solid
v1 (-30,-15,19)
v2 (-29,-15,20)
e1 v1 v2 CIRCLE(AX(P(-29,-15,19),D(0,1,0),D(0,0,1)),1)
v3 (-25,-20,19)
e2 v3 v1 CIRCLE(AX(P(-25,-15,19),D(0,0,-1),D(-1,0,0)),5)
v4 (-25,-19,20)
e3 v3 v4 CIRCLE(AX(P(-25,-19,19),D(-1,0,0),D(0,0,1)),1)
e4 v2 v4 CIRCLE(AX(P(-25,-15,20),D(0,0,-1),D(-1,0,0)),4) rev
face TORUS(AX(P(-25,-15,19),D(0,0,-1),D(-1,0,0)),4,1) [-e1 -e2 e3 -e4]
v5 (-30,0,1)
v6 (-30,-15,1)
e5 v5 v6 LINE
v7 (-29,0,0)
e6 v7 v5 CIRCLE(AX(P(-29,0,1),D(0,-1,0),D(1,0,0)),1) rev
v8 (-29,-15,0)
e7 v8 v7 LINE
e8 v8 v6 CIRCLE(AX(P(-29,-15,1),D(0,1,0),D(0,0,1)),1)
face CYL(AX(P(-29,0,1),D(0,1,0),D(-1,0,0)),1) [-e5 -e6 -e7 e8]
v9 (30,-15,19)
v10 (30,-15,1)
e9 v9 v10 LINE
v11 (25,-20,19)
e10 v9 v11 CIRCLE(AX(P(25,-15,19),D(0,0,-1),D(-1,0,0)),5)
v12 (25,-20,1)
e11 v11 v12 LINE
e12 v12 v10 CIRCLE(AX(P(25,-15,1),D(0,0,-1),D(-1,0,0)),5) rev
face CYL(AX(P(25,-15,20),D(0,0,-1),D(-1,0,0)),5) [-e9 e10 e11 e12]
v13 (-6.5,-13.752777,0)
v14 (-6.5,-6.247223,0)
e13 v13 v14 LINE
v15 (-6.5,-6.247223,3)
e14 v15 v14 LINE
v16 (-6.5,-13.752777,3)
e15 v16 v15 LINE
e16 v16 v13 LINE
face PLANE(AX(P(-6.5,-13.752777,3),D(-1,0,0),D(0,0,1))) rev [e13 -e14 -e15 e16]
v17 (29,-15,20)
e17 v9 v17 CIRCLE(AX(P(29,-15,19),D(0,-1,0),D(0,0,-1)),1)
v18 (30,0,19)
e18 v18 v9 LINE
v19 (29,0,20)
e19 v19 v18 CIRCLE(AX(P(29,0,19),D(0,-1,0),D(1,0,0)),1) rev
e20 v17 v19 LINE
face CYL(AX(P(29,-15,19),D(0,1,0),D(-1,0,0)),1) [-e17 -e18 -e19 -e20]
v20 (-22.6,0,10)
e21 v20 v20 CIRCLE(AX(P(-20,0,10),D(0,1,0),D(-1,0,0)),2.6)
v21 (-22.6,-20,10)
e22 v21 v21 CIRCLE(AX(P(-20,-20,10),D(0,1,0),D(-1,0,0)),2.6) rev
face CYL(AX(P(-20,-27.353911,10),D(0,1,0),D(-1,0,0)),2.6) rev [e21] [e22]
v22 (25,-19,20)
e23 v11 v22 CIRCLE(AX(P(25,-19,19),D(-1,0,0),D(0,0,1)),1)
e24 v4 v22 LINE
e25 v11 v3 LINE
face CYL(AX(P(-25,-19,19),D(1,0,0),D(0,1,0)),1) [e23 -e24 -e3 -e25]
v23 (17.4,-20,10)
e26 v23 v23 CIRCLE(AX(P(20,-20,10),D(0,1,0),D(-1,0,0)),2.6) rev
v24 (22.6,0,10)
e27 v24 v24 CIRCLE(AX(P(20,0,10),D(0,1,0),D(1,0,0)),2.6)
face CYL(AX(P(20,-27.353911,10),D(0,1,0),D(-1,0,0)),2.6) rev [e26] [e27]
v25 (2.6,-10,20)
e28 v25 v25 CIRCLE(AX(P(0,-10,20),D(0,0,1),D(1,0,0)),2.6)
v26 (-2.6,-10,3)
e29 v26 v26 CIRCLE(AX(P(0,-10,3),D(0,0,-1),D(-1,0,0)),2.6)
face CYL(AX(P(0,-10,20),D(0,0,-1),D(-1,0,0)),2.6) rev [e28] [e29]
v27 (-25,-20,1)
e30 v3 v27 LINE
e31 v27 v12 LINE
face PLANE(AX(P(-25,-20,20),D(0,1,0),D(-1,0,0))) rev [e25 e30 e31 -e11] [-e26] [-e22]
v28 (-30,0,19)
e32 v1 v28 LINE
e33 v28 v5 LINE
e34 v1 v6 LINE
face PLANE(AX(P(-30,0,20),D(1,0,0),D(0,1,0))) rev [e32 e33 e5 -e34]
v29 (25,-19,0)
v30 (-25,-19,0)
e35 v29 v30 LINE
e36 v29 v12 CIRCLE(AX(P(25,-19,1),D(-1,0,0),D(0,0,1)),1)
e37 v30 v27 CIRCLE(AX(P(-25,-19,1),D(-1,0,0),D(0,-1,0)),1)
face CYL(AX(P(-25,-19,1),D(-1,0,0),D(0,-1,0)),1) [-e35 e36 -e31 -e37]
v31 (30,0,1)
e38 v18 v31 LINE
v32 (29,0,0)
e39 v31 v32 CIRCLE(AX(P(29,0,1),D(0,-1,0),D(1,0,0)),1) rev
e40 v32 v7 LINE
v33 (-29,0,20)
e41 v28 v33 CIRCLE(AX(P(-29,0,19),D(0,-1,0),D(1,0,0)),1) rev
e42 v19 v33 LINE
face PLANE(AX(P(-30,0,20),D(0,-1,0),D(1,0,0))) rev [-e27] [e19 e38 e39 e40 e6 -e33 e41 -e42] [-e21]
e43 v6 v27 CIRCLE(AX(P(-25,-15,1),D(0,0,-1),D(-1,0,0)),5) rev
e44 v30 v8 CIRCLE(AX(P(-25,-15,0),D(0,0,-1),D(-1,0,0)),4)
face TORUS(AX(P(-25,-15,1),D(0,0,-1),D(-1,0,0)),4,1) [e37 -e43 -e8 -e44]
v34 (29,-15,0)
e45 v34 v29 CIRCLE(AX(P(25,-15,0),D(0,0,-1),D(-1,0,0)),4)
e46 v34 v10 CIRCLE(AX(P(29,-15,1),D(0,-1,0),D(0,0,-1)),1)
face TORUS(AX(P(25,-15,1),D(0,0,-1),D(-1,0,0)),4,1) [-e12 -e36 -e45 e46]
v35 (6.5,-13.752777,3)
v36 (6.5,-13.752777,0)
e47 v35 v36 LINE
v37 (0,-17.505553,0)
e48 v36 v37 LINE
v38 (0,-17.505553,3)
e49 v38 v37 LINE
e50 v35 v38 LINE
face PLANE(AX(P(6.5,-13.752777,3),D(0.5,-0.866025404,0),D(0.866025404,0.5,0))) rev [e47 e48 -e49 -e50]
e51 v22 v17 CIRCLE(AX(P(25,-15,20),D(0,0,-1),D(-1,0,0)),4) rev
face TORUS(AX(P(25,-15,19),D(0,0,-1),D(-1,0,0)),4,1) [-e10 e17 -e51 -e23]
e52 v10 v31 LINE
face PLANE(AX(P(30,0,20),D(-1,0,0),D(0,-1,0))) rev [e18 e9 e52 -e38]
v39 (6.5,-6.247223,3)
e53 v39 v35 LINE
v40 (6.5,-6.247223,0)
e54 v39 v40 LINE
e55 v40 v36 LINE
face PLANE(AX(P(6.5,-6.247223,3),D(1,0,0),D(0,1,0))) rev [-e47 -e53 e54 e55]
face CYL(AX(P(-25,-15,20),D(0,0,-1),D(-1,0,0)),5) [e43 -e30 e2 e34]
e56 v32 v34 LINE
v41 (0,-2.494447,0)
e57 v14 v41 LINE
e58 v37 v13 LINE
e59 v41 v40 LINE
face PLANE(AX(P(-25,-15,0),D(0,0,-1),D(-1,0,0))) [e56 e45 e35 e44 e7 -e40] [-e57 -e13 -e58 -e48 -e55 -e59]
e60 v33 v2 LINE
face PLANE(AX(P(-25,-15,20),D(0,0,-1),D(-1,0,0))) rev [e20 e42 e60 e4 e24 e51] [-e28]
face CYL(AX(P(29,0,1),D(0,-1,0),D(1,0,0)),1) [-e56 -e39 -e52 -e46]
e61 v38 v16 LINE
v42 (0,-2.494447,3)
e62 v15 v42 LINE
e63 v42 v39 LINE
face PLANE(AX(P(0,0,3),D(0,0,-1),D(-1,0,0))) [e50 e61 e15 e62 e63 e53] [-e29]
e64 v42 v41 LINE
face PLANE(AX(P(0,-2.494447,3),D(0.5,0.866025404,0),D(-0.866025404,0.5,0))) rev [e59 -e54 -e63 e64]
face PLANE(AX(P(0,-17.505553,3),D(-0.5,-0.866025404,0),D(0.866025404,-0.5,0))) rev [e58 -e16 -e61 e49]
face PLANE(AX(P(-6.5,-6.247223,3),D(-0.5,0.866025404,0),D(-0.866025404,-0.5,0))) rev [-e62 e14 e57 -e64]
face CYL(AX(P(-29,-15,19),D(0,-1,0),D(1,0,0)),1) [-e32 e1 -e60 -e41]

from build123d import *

# Parameters (mm, degrees)
SKETCH1_R           = 2.6
BOSS_EXTRUDE1_DEPTH = 20
SKETCH2_R           = 2.6
CUT_EXTRUDE1_DEPTH  = 20
CUT_EXTRUDE2_DEPTH  = 3
FILLET1_R           = 1


with BuildPart() as part:
    # Sketch1 → Boss-Extrude1 (new body)
    with BuildSketch(Plane.XY):
        with BuildLine():
            Line((-30, 0), (30, 0))
            Line((30, 0), (30, -15))
            ThreePointArc((30, -15), (28.535533906, -18.535533906), (25, -20))
            Line((25, -20), (-25, -20))
            ThreePointArc((-25, -20), (-28.535533906, -18.535533906), (-30, -15))
            Line((-30, -15), (-30, 0))
        make_face()
        with Locations((0, -10)):
            Circle(SKETCH1_R, mode=Mode.SUBTRACT)
    extrude(amount=BOSS_EXTRUDE1_DEPTH)

    # Sketch2 → Cut-Extrude1 (cut)
    with BuildSketch(Plane(origin=(0, 0, 0), x_dir=(1, 0, 0), z_dir=(0, 1, 0))):
        with Locations((-20, -10)):
            Circle(SKETCH2_R)
        with Locations((20, -10)):
            Circle(SKETCH2_R)
    extrude(amount=-CUT_EXTRUDE1_DEPTH, mode=Mode.SUBTRACT)

    # Sketch3 → Cut-Extrude2 (cut)
    with BuildSketch(Plane(origin=(0, 0, 0), x_dir=(-1, 0, 0), z_dir=(0, 0, -1))):
        Polygon((0, -17.505553499), (6.5, -13.75277675), (6.5, -6.24722325), (0, -2.494446501), (-6.5, -6.24722325), (-6.5, -13.75277675), align=None)
    extrude(amount=-CUT_EXTRUDE2_DEPTH, mode=Mode.SUBTRACT)

    # Fillet1
    fillet1_edges = [part.edges().sort_by_distance(p)[0] for p in [
        (0, -20, 20),
        (28.535533906, -18.535533906, 20),
        (30, -7.5, 20),
        (-30, -7.5, 20),
        (30, -7.5, 0),
        (28.535533906, -18.535533906, 0),
        (-28.535533906, -18.535533906, 20),
        (0, -20, 0),
        (-28.535533906, -18.535533906, 0),
        (-30, -7.5, 0),
    ]]
    fillet(fillet1_edges, radius=FILLET1_R)


solid = part.part
